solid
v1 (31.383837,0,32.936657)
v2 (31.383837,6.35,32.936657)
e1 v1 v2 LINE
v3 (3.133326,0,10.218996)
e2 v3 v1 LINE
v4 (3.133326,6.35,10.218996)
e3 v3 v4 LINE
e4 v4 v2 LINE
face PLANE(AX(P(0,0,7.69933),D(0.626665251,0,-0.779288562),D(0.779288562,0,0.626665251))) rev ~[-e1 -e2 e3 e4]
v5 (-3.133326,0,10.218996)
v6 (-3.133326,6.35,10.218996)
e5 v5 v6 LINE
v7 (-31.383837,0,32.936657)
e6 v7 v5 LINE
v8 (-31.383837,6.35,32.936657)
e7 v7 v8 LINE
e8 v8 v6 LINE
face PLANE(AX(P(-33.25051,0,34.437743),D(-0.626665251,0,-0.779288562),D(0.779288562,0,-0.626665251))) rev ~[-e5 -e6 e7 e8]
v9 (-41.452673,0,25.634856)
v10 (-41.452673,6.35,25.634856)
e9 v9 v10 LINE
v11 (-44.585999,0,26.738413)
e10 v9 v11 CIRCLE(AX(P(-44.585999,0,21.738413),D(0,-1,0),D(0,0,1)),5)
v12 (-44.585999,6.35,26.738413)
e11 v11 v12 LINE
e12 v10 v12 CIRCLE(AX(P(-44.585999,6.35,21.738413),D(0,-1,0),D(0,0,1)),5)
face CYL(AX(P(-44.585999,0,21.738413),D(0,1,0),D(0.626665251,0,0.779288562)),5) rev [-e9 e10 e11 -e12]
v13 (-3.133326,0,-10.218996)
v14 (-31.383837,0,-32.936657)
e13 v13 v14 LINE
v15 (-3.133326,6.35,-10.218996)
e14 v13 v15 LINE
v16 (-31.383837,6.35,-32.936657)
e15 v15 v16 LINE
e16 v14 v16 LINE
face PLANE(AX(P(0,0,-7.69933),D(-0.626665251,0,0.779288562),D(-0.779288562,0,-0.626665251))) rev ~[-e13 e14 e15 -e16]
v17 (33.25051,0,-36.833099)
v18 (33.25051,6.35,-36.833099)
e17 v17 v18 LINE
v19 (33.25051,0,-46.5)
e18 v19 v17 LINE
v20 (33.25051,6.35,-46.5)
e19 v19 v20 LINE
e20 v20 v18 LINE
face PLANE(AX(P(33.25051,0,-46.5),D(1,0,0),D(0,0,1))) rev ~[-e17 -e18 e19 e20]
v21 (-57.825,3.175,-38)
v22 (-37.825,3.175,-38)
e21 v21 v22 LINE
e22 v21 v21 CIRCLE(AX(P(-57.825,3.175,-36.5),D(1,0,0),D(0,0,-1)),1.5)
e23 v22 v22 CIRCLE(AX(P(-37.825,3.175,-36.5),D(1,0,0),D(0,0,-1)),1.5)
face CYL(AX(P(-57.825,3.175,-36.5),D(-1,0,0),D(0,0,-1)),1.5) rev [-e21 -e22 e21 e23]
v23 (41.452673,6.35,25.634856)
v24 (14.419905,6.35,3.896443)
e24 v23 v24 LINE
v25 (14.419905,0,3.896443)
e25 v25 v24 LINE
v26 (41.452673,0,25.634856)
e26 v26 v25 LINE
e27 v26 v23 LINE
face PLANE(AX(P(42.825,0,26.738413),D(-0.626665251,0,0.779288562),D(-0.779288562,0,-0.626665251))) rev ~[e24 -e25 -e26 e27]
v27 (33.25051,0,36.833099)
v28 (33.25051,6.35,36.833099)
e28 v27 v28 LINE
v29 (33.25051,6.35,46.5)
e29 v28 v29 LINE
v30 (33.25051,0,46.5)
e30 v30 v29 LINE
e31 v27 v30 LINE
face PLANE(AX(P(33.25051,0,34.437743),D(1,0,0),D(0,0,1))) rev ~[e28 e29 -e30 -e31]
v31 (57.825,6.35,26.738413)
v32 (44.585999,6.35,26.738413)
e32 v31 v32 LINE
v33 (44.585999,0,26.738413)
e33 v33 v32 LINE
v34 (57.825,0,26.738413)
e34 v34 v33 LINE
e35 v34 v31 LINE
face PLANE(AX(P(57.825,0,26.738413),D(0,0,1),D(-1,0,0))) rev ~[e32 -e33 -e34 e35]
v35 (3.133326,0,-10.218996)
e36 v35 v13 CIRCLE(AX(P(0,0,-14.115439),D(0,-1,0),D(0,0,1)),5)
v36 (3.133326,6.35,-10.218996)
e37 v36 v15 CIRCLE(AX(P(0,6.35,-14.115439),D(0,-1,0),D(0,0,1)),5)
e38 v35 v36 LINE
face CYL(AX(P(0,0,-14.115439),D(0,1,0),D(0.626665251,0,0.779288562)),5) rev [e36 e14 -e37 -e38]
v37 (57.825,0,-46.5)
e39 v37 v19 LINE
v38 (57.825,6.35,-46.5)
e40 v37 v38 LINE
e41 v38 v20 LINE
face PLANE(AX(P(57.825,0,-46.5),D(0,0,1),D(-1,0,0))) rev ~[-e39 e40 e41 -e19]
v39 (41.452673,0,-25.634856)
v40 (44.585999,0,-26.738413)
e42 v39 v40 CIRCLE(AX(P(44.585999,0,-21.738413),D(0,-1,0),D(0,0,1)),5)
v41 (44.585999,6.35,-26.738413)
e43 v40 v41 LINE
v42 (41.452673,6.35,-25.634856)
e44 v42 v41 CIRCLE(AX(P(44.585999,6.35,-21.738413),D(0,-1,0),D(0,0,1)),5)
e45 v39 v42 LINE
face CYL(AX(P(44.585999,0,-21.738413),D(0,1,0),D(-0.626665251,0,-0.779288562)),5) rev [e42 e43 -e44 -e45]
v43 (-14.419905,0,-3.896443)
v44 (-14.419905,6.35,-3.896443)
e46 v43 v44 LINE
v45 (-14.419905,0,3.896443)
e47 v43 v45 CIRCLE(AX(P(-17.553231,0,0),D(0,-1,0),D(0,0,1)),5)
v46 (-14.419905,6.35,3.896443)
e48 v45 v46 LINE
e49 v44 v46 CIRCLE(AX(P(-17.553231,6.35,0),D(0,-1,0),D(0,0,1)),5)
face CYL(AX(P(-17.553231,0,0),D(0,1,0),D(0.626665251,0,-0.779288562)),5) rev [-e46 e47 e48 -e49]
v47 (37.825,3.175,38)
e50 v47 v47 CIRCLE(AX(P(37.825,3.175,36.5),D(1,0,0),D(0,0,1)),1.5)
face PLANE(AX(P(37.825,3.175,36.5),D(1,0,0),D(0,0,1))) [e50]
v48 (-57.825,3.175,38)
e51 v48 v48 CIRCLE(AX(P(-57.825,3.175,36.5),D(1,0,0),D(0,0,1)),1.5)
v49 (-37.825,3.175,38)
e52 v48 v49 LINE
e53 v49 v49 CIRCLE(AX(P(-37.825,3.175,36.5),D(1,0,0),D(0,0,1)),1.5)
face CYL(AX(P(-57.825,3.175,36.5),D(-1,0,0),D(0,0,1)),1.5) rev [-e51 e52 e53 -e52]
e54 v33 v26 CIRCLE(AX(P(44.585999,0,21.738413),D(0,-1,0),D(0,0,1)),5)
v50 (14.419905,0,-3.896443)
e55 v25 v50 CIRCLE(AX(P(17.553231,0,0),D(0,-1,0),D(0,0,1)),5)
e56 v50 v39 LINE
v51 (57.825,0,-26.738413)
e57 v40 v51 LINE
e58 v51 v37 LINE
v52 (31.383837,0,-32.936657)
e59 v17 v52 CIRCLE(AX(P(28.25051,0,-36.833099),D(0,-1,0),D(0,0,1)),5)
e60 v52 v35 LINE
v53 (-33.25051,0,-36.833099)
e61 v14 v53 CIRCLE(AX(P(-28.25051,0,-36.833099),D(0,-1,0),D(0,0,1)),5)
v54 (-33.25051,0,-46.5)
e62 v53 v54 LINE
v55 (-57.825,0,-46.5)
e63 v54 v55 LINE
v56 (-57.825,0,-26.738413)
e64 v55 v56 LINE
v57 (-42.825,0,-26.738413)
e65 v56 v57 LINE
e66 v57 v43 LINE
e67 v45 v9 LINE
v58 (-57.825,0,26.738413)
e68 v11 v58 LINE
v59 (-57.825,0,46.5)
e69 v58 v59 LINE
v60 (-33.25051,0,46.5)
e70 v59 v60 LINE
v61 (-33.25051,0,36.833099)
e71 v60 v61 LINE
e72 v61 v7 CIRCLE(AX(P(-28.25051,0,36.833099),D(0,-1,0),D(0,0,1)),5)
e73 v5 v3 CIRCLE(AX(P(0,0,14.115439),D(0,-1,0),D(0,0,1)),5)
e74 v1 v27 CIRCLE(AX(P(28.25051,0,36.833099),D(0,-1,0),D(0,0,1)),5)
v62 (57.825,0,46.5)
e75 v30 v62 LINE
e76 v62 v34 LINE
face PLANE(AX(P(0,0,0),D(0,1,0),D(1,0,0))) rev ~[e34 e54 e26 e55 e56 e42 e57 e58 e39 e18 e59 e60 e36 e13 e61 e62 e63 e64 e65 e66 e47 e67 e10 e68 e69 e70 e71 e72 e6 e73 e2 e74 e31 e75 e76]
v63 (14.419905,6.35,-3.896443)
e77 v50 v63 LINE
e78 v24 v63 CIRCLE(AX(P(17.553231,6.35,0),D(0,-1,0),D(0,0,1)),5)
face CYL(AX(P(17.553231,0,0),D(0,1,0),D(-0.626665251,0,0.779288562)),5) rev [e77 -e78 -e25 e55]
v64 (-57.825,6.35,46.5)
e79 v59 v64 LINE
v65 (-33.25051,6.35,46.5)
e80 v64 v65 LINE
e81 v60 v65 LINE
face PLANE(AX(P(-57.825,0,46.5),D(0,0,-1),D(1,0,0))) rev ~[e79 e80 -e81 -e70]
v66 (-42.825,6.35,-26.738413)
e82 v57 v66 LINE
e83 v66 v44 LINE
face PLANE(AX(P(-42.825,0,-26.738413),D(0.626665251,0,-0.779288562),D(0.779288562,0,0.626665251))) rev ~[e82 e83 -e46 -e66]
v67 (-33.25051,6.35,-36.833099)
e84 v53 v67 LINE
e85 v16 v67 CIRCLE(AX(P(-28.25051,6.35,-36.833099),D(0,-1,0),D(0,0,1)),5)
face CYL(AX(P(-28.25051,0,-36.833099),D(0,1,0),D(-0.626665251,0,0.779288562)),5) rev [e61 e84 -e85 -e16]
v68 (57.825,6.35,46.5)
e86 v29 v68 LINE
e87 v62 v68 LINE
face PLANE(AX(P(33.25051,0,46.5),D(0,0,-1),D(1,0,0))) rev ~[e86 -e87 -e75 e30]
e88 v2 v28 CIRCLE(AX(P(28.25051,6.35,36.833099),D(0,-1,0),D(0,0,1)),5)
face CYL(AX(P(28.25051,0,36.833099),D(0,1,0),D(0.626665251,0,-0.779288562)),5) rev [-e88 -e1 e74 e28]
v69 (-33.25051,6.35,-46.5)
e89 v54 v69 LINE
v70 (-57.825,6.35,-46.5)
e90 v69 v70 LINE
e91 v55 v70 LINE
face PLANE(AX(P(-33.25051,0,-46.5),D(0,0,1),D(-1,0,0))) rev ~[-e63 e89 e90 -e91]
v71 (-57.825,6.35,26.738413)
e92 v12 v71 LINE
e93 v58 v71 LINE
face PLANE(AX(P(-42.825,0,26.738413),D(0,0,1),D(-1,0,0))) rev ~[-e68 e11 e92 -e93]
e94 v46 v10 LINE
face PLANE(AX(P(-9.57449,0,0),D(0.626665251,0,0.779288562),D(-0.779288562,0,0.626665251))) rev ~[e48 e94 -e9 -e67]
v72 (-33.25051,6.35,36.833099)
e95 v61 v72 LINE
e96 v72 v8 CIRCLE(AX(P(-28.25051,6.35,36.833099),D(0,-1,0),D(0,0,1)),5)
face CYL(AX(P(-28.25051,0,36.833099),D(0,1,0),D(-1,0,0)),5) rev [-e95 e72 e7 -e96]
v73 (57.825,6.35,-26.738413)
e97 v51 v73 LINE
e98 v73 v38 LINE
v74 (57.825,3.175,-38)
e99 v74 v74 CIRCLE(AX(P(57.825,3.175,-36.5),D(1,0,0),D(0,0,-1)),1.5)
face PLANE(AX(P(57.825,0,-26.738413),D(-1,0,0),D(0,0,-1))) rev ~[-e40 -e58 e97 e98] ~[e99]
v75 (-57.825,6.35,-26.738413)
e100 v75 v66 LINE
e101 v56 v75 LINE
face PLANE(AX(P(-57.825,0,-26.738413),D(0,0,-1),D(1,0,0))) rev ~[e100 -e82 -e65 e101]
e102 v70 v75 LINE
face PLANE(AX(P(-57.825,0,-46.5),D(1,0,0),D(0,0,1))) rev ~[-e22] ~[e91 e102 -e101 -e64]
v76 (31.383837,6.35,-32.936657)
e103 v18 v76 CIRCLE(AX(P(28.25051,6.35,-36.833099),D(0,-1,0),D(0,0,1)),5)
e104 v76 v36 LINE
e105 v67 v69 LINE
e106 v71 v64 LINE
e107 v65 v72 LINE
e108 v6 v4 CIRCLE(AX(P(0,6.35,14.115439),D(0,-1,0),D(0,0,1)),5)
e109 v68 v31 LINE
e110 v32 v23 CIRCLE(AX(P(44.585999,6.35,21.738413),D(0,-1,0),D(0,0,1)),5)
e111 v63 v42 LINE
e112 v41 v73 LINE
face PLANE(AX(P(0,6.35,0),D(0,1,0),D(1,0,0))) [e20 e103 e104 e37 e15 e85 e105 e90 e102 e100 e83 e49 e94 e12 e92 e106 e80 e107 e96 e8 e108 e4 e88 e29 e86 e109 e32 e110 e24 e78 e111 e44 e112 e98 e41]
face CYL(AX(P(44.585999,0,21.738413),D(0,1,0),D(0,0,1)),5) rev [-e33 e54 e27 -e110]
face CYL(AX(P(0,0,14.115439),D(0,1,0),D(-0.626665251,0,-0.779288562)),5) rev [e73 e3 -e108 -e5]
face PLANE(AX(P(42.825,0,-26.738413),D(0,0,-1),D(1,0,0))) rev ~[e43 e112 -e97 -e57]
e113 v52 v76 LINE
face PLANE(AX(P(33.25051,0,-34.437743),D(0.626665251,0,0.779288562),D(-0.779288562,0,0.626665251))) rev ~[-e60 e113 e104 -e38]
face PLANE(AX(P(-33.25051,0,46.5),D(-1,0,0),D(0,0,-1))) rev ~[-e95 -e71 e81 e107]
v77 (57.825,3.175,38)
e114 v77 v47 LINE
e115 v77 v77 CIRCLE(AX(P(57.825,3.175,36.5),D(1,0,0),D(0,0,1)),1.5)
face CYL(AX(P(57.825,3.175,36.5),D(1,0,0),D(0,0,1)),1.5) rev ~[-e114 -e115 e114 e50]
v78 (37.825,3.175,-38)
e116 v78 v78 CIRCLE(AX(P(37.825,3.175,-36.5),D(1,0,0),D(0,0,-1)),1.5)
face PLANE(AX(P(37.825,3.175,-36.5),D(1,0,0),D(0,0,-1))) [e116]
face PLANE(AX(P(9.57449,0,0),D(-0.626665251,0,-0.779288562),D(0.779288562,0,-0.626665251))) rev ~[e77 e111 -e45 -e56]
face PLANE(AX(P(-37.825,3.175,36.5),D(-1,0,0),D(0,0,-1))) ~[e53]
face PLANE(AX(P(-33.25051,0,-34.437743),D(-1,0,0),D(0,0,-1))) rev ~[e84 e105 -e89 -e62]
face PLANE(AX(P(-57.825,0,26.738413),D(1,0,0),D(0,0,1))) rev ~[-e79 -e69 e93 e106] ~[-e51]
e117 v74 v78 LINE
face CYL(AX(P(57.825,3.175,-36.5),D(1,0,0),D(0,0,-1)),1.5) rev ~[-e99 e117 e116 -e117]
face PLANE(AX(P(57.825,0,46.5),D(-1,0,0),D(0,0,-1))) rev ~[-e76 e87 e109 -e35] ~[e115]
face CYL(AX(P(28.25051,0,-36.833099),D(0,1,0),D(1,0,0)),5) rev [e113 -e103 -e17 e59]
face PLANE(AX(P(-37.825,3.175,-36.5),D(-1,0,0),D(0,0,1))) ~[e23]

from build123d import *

# Parameters (mm, degrees)
BOSS_EXTRUDE1_DEPTH = 6.35
FILLET1_R           = 5
SKETCH2_R           = 1.5
CUT_EXTRUDE1_DEPTH  = 20


with BuildPart() as part:
    # Sketch1 → Boss-Extrude1 (new body)
    with BuildSketch(Plane(origin=(0, 0, 0), x_dir=(1, 0, 0), z_dir=(0, 1, 0))):
        Polygon((-57.825, 26.738412941), (-42.825, 26.738412941), (-9.574489714, 0), (-42.825, -26.738412941), (-57.825, -26.738412941), (-57.825, -46.5), (-33.250510286, -46.5), (-33.250510286, -34.437743191), (0, -7.69933025), (33.250510286, -34.437743191), (33.250510286, -46.5), (57.825, -46.5), (57.825, -26.738412941), (42.825, -26.738412941), (9.574489714, 0), (42.825, 26.738412941), (57.825, 26.738412941), (57.825, 46.5), (33.250510286, 46.5), (33.250510286, 34.437743191), (0, 7.69933025), (-33.250510286, 34.437743191), (-33.250510286, 46.5), (-57.825, 46.5), align=None)
    extrude(amount=BOSS_EXTRUDE1_DEPTH)

    # Fillet1
    fillet1_edges = [part.edges().sort_by_distance(p)[0] for p in [
        (-33.250510286, 3.175, -34.437743191),
        (0, 3.175, -7.69933025),
        (33.250510286, 3.175, -34.437743191),
        (42.825, 3.175, -26.738412941),
        (9.574489714, 3.175, 0),
        (42.825, 3.175, 26.738412941),
        (33.250510286, 3.175, 34.437743191),
        (0, 3.175, 7.69933025),
        (-33.250510286, 3.175, 34.437743191),
        (-42.825, 3.175, 26.738412941),
        (-9.574489714, 3.175, 0),
    ]]
    fillet(fillet1_edges, radius=FILLET1_R)

    # Sketch2 → Cut-Extrude1 (cut)
    with BuildSketch(Plane(origin=(57.825, 0, 0), x_dir=(0, 0, -1), z_dir=(1, 0, 0))):
        with Locations((36.5, 3.175)):
            Circle(SKETCH2_R)
        with Locations(Location((-36.5, 3.175, 0), (0, 0, 180))):
            Circle(SKETCH2_R)
    cut_extrude1 = extrude(amount=-CUT_EXTRUDE1_DEPTH, mode=Mode.SUBTRACT)

    # Mirror1: Cut-Extrude1 across plane
    add(cut_extrude1.mirror(Plane(origin=(0, 0, 0), x_dir=(0, 0, 1), z_dir=(1, 0, 0))), mode=Mode.SUBTRACT)


solid = part.part
